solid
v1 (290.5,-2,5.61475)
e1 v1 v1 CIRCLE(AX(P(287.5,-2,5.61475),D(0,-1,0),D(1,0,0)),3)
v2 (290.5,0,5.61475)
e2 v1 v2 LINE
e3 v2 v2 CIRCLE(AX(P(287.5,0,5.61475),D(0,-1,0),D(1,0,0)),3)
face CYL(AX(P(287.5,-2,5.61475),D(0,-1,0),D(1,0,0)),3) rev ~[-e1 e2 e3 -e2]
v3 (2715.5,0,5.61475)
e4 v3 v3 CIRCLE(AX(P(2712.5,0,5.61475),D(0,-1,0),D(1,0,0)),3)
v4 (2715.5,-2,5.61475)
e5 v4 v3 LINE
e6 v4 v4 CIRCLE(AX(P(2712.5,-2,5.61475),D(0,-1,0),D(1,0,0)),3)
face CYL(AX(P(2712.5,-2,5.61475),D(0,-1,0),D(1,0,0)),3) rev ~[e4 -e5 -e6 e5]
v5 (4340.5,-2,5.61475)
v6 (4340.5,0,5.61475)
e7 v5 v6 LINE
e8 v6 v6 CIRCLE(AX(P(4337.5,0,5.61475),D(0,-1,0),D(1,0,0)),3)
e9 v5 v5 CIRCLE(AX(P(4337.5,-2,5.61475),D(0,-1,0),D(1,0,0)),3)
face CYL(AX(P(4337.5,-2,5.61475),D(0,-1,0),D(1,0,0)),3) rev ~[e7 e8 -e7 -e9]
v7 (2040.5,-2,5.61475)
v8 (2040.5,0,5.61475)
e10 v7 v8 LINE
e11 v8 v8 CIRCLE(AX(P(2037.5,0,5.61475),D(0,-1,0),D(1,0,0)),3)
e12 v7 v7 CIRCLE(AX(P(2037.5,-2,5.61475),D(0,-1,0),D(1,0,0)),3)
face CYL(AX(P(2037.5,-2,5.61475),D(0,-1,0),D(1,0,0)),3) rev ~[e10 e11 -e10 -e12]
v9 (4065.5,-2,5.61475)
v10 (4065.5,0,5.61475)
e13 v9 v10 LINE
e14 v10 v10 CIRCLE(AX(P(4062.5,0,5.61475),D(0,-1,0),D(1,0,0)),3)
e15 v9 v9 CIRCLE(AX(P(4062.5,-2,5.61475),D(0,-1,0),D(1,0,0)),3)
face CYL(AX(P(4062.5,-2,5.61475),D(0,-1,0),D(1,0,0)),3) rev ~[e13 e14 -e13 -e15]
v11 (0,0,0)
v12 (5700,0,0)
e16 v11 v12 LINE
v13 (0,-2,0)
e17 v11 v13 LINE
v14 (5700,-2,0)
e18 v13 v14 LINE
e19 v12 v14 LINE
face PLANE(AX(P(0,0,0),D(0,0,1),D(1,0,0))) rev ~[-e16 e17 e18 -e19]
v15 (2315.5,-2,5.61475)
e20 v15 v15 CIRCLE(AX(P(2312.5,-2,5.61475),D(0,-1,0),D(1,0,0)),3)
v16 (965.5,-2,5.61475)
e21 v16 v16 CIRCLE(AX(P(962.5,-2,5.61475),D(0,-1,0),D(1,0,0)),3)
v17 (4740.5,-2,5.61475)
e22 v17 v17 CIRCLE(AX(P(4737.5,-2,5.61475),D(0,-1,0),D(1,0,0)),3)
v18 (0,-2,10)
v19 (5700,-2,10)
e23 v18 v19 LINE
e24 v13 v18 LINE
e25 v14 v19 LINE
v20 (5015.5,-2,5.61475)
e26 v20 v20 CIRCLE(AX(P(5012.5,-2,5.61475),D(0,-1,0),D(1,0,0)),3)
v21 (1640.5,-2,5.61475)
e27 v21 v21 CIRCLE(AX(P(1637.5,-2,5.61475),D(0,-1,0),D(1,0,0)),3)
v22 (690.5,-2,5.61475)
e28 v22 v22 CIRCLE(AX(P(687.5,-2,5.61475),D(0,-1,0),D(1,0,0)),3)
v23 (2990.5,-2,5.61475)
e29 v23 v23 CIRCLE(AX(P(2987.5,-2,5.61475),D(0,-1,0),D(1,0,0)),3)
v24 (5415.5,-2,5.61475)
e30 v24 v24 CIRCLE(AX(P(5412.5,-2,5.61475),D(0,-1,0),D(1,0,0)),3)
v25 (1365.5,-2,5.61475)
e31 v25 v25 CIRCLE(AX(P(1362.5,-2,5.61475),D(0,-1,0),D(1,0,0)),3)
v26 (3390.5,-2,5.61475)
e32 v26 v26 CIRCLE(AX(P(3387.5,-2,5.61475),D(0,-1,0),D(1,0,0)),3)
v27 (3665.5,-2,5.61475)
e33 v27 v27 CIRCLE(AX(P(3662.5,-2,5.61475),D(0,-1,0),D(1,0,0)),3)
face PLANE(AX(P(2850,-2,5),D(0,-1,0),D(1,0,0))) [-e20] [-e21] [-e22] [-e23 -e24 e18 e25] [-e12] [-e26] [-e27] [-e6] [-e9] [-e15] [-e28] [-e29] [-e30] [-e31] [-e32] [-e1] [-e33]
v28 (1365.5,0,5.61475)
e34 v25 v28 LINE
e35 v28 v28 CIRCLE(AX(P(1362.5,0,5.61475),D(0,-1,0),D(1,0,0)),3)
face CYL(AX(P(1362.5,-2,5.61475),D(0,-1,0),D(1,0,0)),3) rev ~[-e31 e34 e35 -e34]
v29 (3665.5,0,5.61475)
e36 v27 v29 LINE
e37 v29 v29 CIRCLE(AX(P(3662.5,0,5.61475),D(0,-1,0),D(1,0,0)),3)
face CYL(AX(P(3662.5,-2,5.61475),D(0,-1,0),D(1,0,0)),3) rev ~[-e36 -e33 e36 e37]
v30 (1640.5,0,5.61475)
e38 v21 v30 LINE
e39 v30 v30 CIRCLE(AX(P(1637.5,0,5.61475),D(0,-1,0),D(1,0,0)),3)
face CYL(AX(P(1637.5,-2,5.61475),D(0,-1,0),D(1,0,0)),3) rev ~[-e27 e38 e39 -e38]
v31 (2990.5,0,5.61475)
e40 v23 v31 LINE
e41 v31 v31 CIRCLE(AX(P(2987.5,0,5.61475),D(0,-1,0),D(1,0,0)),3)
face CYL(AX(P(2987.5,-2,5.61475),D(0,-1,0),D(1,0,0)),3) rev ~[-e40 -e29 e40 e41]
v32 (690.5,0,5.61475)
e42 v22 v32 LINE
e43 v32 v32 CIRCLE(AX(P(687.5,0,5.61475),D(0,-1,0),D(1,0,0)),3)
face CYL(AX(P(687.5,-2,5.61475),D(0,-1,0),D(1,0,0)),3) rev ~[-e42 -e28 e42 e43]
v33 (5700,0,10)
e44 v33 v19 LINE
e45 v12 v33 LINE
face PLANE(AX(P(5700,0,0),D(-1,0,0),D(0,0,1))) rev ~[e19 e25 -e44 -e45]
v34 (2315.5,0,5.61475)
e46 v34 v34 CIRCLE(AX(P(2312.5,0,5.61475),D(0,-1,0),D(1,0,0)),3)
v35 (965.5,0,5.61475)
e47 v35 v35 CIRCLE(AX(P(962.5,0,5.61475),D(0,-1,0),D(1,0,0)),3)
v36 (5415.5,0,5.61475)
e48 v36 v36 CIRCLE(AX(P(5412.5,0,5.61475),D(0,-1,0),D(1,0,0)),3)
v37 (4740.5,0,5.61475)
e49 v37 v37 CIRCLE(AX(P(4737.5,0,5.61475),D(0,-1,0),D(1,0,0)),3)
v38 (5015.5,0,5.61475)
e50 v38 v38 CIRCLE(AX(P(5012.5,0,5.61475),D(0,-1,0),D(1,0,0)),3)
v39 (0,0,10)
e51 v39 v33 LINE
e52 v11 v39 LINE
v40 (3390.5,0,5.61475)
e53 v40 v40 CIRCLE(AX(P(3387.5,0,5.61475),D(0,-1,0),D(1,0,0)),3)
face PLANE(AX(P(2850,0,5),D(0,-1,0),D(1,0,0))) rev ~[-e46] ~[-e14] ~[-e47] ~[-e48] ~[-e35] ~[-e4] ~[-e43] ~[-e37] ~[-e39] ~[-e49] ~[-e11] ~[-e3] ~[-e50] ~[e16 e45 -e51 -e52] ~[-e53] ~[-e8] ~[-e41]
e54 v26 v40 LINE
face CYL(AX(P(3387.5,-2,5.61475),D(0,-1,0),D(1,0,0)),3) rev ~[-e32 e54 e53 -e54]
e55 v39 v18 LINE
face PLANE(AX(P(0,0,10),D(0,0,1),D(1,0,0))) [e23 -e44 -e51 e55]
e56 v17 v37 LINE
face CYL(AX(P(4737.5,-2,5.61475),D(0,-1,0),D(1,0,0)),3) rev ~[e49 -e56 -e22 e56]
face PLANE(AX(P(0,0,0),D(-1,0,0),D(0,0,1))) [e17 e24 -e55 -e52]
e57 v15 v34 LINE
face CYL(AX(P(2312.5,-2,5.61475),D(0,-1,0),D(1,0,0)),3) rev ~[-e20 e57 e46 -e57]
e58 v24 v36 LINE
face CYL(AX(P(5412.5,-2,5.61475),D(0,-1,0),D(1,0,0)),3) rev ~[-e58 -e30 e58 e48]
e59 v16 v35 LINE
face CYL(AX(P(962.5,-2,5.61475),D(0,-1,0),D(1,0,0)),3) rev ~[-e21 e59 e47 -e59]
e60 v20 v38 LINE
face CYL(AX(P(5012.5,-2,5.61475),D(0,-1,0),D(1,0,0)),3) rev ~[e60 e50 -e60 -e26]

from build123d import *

# Parameters (mm, degrees)
F0_W     = 5700
F0_H     = 10
F1_DEPTH = 2
F2_R     = 3
F3_DEPTH = 25


with BuildPart() as f1:
    # F0 (on Front) → F1 (new body)
    with BuildSketch(Plane.XZ):
        with Locations((2850, 5)):
            Rectangle(F0_W, F0_H)
    extrude(amount=F1_DEPTH)

    # F2 (on face) → F3 (cut)
    with BuildSketch(Plane.XZ.offset(2)):
        with Locations((287.5, 5.61475)):
            Circle(F2_R)
        with Locations((687.5, 5.61475)):
            Circle(F2_R)
        with Locations((962.5, 5.61475)):
            Circle(F2_R)
        with Locations((1362.5, 5.61475)):
            Circle(F2_R)
        with Locations((1637.5, 5.61475)):
            Circle(F2_R)
        with Locations((2037.5, 5.61475)):
            Circle(F2_R)
        with Locations((2312.5, 5.61475)):
            Circle(F2_R)
        with Locations((2712.5, 5.61475)):
            Circle(F2_R)
        with Locations((2987.5, 5.61475)):
            Circle(F2_R)
        with Locations((3387.5, 5.61475)):
            Circle(F2_R)
        with Locations((3662.5, 5.61475)):
            Circle(F2_R)
        with Locations((4062.5, 5.61475)):
            Circle(F2_R)
        with Locations((4337.5, 5.61475)):
            Circle(F2_R)
        with Locations((4737.5, 5.61475)):
            Circle(F2_R)
        with Locations((5012.5, 5.61475)):
            Circle(F2_R)
        with Locations((5412.5, 5.61475)):
            Circle(F2_R)
    extrude(amount=-F3_DEPTH, mode=Mode.SUBTRACT)


solid = f1.part
